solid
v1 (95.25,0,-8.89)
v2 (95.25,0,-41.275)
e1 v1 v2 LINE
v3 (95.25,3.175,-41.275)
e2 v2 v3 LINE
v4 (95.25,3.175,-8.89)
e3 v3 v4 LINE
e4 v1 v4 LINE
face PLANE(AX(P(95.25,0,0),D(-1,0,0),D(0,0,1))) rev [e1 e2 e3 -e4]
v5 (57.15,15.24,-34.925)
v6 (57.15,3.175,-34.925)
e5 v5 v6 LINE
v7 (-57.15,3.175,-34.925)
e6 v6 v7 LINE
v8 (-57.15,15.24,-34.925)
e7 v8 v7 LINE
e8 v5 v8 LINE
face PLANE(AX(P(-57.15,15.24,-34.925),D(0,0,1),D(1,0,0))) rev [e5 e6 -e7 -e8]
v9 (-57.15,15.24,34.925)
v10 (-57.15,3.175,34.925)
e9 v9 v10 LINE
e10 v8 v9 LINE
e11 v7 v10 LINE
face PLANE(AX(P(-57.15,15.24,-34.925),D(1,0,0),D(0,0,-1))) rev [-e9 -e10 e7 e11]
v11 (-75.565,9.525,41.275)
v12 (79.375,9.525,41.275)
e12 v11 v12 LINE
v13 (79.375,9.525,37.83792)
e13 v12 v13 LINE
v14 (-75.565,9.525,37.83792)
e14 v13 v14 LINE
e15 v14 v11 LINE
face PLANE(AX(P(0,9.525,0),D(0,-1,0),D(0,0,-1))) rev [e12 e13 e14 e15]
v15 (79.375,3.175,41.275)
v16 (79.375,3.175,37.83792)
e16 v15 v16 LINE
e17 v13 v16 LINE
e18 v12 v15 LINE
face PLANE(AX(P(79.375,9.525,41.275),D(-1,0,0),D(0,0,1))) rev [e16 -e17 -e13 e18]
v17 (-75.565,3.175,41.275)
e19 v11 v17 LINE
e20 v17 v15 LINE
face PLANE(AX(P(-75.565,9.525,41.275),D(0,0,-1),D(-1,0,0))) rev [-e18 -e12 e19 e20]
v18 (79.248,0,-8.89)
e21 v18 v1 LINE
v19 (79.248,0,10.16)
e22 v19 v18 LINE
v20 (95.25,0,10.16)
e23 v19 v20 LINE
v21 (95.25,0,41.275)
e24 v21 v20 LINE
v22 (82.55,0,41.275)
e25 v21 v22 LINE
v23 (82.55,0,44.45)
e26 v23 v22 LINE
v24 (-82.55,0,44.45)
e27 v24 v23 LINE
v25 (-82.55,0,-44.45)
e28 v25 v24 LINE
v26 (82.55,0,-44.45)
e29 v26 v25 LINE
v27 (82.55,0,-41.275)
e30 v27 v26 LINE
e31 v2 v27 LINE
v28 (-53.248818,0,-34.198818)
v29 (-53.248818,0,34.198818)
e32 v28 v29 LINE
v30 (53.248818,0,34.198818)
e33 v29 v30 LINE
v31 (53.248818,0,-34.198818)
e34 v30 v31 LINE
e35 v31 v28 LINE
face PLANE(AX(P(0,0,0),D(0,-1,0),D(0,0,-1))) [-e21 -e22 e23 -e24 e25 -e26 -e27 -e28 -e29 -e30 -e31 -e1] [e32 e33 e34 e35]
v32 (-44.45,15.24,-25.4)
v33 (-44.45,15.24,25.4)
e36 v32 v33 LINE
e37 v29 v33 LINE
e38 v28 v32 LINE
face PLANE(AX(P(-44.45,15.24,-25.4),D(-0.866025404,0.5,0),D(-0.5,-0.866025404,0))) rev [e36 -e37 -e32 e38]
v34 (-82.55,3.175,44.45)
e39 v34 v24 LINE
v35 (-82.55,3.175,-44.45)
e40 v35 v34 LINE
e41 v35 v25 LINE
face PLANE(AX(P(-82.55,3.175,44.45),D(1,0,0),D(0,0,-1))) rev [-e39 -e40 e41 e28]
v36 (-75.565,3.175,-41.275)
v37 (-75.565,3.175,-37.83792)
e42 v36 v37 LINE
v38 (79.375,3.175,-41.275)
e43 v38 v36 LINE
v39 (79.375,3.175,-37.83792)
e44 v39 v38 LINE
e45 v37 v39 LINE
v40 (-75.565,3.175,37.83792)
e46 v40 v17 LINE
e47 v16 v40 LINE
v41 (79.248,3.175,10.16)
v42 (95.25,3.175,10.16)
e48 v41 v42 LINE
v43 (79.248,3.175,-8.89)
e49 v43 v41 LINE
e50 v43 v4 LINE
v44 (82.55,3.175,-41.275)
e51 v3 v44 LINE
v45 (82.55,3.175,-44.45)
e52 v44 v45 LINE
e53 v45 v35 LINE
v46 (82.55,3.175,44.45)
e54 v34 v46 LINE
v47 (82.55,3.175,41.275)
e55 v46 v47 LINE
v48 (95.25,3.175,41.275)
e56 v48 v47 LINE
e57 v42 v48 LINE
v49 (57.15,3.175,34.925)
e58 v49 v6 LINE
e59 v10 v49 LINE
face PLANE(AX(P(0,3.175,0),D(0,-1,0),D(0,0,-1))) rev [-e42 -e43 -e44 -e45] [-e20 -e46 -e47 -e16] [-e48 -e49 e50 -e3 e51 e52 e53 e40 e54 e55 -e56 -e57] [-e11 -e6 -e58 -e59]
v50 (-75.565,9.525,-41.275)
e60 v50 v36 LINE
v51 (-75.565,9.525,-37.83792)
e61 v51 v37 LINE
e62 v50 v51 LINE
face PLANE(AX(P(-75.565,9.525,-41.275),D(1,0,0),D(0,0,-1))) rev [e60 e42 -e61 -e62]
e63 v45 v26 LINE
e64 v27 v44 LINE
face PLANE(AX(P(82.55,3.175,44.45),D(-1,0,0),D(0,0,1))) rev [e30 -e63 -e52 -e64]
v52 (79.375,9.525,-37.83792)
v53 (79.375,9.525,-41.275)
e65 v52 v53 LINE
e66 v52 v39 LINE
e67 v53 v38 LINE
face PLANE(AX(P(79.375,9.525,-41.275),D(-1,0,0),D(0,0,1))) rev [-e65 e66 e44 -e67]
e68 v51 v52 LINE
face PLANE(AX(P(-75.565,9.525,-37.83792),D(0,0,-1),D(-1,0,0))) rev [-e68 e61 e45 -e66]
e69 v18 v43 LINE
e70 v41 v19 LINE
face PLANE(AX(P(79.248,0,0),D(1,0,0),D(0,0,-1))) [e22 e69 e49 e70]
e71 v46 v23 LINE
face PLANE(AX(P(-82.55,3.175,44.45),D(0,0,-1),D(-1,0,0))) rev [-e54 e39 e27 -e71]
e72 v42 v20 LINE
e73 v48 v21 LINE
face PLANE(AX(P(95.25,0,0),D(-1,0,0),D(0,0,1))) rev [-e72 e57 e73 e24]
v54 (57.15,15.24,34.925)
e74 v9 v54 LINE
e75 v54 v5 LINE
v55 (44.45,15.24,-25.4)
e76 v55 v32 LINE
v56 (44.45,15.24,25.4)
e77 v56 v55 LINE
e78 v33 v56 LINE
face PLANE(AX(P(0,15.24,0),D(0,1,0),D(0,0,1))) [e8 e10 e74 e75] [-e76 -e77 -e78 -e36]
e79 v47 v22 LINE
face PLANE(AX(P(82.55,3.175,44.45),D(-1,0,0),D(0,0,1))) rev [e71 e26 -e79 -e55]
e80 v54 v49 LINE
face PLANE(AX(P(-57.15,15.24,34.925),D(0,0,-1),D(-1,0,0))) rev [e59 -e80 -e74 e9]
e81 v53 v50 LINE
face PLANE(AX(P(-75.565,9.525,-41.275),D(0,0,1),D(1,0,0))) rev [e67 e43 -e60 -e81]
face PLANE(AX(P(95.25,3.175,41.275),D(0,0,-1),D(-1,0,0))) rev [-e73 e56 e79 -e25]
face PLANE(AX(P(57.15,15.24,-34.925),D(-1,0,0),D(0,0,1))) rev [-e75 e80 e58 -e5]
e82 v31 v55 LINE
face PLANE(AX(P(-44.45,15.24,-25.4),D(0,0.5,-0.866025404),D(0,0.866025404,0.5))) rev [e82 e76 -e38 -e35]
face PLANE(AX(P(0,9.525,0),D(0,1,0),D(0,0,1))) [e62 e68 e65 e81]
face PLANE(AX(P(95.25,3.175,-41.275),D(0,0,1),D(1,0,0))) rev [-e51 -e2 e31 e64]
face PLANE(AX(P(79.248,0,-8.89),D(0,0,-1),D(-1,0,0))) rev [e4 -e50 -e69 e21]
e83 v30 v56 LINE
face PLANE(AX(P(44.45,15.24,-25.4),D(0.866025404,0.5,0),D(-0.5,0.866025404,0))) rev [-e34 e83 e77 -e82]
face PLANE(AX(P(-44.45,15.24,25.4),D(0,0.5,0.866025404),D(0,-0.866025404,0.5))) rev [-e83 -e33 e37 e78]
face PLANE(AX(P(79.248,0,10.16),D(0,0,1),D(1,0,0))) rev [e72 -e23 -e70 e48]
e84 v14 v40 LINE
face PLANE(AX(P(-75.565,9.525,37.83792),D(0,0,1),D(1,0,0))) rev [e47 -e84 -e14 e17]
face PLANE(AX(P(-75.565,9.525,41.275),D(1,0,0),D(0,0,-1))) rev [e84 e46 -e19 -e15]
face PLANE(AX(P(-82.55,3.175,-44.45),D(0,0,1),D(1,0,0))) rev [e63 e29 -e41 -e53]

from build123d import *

# Parameters (mm, degrees)
SKETCH1_W           = 165.1
SKETCH1_H           = 88.9
BOSS_EXTRUDE1_DEPTH = 3.175
SKETCH3_W           = 82.55
SKETCH3_H           = 3.175
BOSS_EXTRUDE3_DEPTH = 12.7
SKETCH6_W           = 19.05
SKETCH6_H           = 3.175
CUT_EXTRUDE1_DEPTH  = 16.002
SKETCH8_W           = 154.94
SKETCH8_H           = 3.437080139
BOSS_EXTRUDE4_DEPTH = 6.35
SKETCH9_W           = 114.3
SKETCH9_H           = 69.85
BOSS_EXTRUDE5_DEPTH = 15.24
SKETCH12_W          = 88.9
SKETCH12_H          = 50.8
CUT_EXTRUDE2_DEPTH  = 15.24
CUT_EXTRUDE2_DRAFT  = 30


with BuildPart() as part:
    # Sketch1 → Boss-Extrude1 (new body)
    with BuildSketch(Plane(origin=(0, 0, 0), x_dir=(1, 0, 0), z_dir=(0, 1, 0))):
        Rectangle(SKETCH1_W, SKETCH1_H)
    extrude(amount=BOSS_EXTRUDE1_DEPTH)

    # Sketch3 → Boss-Extrude3 (add)
    with BuildSketch(Plane(origin=(82.55, 0, 0), x_dir=(0, 0, -1), z_dir=(1, 0, 0))):
        with Locations((0, 1.5875)):
            Rectangle(SKETCH3_W, SKETCH3_H)
    extrude(amount=BOSS_EXTRUDE3_DEPTH)

    # Sketch6 → Cut-Extrude1 (cut)
    with BuildSketch(Plane(origin=(95.25, 0, 0), x_dir=(0, 0, -1), z_dir=(1, 0, 0))):
        with Locations((-0.635, 1.5875)):
            Rectangle(SKETCH6_W, SKETCH6_H)
    extrude(amount=-CUT_EXTRUDE1_DEPTH, mode=Mode.SUBTRACT)

    # Sketch8 → Boss-Extrude4 (add)
    with BuildSketch(Plane(origin=(0, 3.175, 0), x_dir=(1, 0, 0), z_dir=(0, 1, 0))):
        with Locations((1.905, -39.556459931)):
            Rectangle(SKETCH8_W, SKETCH8_H)
        with Locations((1.905, 39.556459931)):
            Rectangle(SKETCH8_W, SKETCH8_H)
    extrude(amount=BOSS_EXTRUDE4_DEPTH)

    # Sketch9 → Boss-Extrude5 (add)
    with BuildSketch(Plane(origin=(0, 0, 0), x_dir=(1, 0, 0), z_dir=(0, 1, 0))):
        Rectangle(SKETCH9_W, SKETCH9_H)
    extrude(amount=BOSS_EXTRUDE5_DEPTH)


with BuildPart() as cut_extrude2_tool:
    # Sketch12 → Cut-Extrude2 (with draft: the straight prism first)
    with BuildSketch(Plane(origin=(0, 15.24, 0), x_dir=(1, 0, 0), z_dir=(0, 1, 0))):
        Rectangle(SKETCH12_W, SKETCH12_H)
    extrude(amount=-CUT_EXTRUDE2_DEPTH)
    # Cut-Extrude2: the draft: its side faces are tilted about the plane it starts from
    cut_extrude2_sides = [cut_extrude2_tool.faces().sort_by_distance(p)[0] for p in [
        (-44.45, 7.62, 0),
        (0, 7.62, 25.4),
        (44.45, 7.62, 0),
        (0, 7.62, -25.4),
    ]]
    draft(cut_extrude2_sides, Plane(origin=(0, 15.24, 0), x_dir=(1, 0, 0), z_dir=(0, 1, 0)), CUT_EXTRUDE2_DRAFT)


with BuildPart() as part_1:
    add(part.part)

    # Cut-Extrude2: cut by cut_extrude2_tool
    add(cut_extrude2_tool.part, mode=Mode.SUBTRACT)


solid = part_1.part
